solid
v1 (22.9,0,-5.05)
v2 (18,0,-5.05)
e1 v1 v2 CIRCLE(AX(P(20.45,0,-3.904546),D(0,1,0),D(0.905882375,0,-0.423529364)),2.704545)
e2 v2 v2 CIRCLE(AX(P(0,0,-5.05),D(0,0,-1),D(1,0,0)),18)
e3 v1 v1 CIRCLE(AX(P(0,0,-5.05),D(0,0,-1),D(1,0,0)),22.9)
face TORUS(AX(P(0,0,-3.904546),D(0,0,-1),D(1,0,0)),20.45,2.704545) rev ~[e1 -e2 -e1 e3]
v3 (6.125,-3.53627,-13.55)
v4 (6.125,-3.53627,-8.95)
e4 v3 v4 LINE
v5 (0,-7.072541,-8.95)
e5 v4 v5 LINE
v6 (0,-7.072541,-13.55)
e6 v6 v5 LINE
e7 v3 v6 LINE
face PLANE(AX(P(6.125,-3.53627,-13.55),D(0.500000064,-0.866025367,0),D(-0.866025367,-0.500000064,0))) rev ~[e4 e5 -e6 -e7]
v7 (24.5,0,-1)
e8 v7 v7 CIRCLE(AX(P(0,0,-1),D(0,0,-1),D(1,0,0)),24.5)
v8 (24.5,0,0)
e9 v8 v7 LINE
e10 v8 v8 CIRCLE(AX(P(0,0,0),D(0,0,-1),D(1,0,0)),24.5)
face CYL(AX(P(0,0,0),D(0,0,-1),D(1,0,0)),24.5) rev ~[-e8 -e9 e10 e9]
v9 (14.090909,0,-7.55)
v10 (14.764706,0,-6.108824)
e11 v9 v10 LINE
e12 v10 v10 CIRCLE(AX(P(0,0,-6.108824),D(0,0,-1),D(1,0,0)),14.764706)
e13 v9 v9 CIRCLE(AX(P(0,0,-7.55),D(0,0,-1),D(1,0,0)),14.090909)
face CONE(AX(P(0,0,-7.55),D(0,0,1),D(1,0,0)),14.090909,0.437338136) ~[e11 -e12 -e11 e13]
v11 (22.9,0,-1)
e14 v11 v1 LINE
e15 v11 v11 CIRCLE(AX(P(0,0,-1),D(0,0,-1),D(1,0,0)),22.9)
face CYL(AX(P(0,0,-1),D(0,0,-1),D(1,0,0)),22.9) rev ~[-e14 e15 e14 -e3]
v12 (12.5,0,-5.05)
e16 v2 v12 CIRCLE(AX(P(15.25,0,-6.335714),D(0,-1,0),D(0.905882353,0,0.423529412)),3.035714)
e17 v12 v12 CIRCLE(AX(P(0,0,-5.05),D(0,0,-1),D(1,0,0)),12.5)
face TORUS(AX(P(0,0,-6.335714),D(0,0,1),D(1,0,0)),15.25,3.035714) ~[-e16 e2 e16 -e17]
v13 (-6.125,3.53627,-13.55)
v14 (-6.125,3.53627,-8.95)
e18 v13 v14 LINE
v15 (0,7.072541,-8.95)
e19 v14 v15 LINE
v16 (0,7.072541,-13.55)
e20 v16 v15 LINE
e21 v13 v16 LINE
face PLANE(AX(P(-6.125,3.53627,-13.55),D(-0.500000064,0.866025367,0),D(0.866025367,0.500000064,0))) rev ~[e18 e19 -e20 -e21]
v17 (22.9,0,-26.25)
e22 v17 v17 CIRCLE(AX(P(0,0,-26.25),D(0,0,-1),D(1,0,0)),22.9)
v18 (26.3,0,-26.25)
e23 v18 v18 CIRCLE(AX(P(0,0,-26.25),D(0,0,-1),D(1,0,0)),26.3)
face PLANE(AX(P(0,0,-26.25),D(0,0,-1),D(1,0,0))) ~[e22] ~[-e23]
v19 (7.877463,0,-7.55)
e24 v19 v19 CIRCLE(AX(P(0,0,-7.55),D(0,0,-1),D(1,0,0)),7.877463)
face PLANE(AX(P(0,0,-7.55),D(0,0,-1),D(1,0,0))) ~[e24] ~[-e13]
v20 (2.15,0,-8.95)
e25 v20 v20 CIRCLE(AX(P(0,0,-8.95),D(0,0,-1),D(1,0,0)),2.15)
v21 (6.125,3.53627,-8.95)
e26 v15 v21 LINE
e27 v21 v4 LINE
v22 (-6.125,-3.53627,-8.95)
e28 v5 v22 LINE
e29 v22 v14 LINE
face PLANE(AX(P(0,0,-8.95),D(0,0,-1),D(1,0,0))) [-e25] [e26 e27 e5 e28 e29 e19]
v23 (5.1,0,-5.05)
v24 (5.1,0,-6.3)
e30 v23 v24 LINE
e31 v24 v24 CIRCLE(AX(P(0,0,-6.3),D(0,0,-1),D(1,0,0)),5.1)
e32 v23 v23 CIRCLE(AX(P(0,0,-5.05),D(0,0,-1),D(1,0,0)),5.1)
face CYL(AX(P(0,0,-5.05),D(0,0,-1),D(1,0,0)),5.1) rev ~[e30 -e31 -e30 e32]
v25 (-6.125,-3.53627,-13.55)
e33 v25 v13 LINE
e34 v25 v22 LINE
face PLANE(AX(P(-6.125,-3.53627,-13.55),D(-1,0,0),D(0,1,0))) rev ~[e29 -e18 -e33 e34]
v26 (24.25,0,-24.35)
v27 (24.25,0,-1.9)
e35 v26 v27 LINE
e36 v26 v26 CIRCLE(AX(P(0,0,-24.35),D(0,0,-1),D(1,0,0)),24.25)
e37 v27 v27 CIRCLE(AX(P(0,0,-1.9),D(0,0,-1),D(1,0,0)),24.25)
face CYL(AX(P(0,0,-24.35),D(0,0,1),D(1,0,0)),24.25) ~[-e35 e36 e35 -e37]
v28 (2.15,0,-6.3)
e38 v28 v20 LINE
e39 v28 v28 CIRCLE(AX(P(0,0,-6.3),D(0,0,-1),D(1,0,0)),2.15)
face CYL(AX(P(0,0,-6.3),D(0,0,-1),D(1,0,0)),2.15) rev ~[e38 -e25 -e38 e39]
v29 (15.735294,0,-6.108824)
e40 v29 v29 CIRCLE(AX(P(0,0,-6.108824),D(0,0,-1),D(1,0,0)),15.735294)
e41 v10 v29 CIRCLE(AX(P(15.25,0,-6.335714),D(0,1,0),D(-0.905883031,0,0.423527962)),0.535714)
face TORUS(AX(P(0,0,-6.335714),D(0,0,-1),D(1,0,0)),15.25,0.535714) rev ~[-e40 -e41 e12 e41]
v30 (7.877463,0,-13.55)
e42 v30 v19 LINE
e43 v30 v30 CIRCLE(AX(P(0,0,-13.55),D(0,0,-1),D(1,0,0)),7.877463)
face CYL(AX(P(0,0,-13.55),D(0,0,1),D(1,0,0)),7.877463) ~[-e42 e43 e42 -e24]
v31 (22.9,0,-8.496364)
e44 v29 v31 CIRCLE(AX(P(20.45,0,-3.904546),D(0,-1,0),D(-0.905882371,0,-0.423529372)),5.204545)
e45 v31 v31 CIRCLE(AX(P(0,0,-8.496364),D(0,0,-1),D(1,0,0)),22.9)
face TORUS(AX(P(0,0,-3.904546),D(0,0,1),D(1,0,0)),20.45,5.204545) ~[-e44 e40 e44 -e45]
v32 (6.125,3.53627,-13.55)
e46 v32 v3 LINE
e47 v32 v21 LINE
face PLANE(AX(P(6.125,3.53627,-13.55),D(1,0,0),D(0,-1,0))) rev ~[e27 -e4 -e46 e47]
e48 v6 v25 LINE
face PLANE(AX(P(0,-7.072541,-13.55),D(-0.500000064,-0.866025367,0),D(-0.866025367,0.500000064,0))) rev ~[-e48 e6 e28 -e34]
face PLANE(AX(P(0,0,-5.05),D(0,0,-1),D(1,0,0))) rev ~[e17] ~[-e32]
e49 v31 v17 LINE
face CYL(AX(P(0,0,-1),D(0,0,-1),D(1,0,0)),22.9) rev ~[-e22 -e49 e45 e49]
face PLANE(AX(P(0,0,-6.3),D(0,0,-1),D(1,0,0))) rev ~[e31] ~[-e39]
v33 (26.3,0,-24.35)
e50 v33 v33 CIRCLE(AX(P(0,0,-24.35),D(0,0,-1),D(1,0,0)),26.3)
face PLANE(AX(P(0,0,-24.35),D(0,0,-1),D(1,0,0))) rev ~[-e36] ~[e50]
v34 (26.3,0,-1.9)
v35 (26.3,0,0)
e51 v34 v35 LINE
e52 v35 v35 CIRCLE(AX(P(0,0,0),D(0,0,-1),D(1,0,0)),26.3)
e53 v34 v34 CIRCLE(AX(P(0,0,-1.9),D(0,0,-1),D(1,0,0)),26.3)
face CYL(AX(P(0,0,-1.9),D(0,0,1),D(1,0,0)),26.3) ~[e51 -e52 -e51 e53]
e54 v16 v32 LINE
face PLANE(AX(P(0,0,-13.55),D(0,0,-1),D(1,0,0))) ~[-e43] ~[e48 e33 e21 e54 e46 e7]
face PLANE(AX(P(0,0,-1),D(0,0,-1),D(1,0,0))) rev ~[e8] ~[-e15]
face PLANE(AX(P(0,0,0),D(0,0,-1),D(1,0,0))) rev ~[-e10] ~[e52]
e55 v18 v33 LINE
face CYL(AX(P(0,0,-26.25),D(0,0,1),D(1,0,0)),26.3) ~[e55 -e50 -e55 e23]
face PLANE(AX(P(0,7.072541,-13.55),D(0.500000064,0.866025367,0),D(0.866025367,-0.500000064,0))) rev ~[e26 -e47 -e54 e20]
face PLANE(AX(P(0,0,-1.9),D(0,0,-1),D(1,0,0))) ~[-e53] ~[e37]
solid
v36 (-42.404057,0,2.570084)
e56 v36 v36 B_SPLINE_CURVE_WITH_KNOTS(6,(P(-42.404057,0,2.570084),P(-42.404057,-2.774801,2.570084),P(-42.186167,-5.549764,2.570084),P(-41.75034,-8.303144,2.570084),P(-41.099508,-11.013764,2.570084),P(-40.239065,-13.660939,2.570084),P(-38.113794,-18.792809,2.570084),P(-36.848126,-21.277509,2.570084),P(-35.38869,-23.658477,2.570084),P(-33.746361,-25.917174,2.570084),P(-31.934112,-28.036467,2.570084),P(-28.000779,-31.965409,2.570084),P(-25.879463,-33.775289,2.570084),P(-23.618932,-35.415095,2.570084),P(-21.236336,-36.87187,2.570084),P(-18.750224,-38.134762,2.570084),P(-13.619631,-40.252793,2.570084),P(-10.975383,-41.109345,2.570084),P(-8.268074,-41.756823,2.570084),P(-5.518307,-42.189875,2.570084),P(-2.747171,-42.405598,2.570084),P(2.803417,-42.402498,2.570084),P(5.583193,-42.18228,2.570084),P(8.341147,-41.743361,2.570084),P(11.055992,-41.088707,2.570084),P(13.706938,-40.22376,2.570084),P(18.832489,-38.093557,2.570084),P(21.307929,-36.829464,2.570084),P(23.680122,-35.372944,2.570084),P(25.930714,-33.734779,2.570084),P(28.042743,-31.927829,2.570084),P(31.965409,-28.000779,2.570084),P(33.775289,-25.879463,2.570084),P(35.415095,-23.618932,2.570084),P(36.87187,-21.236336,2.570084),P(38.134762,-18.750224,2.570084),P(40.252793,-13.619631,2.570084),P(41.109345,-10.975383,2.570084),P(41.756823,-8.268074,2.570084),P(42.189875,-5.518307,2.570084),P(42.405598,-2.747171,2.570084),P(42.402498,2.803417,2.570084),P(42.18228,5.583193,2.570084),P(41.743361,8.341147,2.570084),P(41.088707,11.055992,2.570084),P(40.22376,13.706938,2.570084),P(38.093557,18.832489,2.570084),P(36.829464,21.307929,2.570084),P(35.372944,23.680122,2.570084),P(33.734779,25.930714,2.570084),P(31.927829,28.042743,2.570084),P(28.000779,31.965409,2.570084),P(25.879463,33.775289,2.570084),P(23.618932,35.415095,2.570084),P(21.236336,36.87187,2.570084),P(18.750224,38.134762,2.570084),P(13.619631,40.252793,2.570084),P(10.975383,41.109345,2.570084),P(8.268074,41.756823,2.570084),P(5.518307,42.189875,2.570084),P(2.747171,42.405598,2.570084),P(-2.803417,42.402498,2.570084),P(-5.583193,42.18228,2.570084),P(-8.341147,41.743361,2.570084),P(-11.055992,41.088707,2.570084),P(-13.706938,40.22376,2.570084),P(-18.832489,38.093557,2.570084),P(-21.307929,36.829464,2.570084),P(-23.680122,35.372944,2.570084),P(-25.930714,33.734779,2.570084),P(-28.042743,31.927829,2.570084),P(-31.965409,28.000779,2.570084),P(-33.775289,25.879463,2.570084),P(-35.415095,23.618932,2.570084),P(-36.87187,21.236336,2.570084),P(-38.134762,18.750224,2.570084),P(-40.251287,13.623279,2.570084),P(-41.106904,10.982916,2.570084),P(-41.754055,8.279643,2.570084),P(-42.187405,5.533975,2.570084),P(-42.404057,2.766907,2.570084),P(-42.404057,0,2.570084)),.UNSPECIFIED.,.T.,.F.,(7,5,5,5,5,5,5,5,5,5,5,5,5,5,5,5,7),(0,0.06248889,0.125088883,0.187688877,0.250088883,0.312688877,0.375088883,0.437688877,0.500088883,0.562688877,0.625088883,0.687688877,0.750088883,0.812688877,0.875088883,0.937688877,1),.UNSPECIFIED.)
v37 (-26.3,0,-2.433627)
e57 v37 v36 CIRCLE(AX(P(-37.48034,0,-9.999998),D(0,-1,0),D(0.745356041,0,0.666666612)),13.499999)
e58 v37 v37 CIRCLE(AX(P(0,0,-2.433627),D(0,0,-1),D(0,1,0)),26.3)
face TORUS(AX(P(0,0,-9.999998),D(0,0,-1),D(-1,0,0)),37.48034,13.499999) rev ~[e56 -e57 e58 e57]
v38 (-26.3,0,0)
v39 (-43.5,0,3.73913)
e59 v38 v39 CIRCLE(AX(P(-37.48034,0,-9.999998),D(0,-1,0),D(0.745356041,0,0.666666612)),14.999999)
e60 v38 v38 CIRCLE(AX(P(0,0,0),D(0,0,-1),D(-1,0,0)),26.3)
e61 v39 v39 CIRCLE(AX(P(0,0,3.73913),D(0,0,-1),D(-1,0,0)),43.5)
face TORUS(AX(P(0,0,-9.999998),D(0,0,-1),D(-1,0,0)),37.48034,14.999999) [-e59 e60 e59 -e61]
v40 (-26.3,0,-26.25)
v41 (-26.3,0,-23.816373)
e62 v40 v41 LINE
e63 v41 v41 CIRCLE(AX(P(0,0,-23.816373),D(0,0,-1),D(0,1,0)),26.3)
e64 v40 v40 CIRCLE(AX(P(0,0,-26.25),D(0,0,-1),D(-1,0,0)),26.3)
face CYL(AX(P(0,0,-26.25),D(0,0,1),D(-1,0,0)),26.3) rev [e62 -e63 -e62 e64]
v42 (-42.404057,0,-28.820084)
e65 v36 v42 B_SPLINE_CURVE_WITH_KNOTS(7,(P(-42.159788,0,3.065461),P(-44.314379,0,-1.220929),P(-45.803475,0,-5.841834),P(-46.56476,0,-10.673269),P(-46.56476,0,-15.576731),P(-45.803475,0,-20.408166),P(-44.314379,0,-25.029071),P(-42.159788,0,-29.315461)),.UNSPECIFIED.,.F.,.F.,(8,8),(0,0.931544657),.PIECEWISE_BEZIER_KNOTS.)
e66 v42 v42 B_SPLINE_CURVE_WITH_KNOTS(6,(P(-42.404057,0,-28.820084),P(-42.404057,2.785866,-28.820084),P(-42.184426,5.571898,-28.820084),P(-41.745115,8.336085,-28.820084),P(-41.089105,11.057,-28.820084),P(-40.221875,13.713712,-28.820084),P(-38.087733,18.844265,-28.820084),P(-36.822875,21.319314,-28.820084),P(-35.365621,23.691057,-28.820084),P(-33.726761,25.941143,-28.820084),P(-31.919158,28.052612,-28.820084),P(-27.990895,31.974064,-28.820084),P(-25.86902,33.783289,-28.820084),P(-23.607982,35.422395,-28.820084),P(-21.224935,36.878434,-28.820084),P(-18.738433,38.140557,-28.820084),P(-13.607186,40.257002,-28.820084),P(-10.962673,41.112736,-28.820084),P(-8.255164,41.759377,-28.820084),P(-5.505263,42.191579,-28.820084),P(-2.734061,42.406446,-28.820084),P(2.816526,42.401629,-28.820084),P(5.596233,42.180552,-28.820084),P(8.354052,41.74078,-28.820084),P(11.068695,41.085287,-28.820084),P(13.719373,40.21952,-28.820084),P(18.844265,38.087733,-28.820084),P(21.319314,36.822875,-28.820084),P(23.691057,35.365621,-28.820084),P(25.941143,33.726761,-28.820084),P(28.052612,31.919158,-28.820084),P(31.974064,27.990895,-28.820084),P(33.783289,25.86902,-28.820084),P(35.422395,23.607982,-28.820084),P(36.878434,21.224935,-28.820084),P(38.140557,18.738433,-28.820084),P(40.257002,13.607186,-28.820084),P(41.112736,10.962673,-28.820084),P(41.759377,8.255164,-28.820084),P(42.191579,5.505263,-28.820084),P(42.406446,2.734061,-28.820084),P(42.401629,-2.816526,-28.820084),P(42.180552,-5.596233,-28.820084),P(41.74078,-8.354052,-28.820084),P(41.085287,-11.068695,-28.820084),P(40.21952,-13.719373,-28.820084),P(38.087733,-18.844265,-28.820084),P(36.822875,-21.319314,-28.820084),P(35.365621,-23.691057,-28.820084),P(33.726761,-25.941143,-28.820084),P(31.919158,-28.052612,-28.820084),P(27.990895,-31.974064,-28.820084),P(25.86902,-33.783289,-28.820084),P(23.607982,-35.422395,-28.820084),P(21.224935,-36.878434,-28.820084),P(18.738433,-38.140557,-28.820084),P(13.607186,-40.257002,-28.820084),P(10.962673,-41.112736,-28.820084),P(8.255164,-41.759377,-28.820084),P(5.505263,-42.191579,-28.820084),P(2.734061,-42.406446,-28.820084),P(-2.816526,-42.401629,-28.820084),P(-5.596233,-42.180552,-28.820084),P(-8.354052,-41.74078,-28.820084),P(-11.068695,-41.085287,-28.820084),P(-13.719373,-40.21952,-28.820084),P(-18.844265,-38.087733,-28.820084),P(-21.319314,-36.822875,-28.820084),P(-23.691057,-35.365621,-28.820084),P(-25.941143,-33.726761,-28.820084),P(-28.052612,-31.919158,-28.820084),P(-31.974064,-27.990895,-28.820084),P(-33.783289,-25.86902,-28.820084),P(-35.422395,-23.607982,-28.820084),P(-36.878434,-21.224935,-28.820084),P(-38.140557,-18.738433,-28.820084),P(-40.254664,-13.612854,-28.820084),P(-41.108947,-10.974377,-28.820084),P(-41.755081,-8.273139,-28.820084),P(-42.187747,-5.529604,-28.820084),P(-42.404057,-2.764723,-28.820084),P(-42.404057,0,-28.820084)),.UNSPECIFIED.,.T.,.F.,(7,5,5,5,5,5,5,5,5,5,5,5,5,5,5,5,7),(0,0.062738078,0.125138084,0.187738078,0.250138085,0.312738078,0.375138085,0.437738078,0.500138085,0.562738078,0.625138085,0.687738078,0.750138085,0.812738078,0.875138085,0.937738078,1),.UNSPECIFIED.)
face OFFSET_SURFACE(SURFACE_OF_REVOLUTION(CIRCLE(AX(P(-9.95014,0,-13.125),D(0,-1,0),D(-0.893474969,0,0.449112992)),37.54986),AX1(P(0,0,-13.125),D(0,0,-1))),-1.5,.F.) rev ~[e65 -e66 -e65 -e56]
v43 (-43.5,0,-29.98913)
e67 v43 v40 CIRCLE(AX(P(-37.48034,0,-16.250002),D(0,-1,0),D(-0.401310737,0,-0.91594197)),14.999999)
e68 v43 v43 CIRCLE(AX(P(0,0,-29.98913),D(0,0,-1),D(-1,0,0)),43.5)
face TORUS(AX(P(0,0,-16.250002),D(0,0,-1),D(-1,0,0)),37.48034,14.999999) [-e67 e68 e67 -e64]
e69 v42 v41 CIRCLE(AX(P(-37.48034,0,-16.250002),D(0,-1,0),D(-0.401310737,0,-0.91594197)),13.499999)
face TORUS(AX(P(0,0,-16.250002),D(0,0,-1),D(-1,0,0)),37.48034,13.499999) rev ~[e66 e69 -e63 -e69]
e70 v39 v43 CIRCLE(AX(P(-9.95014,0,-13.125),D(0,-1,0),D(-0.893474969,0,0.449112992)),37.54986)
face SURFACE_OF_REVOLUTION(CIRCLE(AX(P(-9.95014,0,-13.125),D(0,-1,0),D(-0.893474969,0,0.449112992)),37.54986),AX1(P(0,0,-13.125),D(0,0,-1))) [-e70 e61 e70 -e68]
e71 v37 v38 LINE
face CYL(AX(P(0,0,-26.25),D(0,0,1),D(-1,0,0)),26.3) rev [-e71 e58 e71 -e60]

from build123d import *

# Parameters (mm, degrees)
F5_DEPTH = 4.6
F8_T     = -1.5


with BuildPart() as f2:
    # F0 (on Front) → F2 (revolve)
    with BuildSketch(Plane.XZ):
        Polygon((26.3, -1.9), (26.3, 0), (24.5, 0), (24.5, -1), (22.9, -1), (22.9, -26.25), (26.3, -26.25), (26.3, -24.35), (24.25, -24.35), (24.25, -1.9), align=None)
    revolve(axis=Axis((0, 0, -13.125), (0, 0, -1)))

    # F1 (on Front) → F3 (revolve)
    with BuildSketch(Plane.XZ):
        with BuildLine():
            Line((2.15, -6.3), (2.15, -13.55))
            Line((2.15, -13.55), (7.877463, -13.55))
            Line((7.877463, -13.55), (7.877463, -7.55))
            Line((7.877463, -7.55), (14.090909, -7.55))
            Line((14.090909, -7.55), (14.764706, -6.108824))
            ThreePointArc((14.764706, -6.108824), (15.25, -5.8), (15.735294, -6.108824))
            ThreePointArc((15.735294, -6.108824), (18.804609, -8.842155), (22.9, -8.496364))
            Line((22.9, -8.496364), (22.9, -5.05))
            ThreePointArc((22.9, -5.05), (20.45, -6.609091), (18, -5.05))
            ThreePointArc((18, -5.05), (15.25, -3.3), (12.5, -5.05))
            Line((12.5, -5.05), (5.1, -5.05))
            Line((5.1, -5.05), (5.1, -6.3))
            Line((5.1, -6.3), (2.15, -6.3))
        make_face()
    revolve(axis=Axis((0, 0, -13.125), (0, 0, -1)))

    # F4 (on face) → F5 (cut)
    with BuildSketch(Plane(origin=(0, 0, -13.55), x_dir=(1, 0, 0), z_dir=(0, 0, -1))):
        Polygon((6.125, 3.53627), (0, 7.072541), (-6.125, 3.53627), (-6.125, -3.53627), (0, -7.072541), (6.125, -3.53627), align=None)
    extrude(amount=-F5_DEPTH, mode=Mode.SUBTRACT)


with BuildPart() as f7:
    # F6 (on Front) → F7 (revolve)
    with BuildSketch(Plane.XZ):
        with BuildLine():
            Line((-26.3, -26.25), (-26.3, 0))
            ThreePointArc((-26.3, 0), (-34.293896, 4.657646), (-43.5, 3.73913))
            ThreePointArc((-43.5, 3.73913), (-47.5, -13.125), (-43.5, -29.98913))
            ThreePointArc((-43.5, -29.98913), (-34.293896, -30.907646), (-26.3, -26.25))
        make_face()
    revolve(axis=Axis((0, 0, -13.125), (0, 0, -1)))

    # F8
    f8_openings = [f7.faces().sort_by_distance(p)[0] for p in [
        (26.3, 0, -13.125),
    ]]
    offset(amount=F8_T, openings=f8_openings)


solid = Compound([f2.part, f7.part])
